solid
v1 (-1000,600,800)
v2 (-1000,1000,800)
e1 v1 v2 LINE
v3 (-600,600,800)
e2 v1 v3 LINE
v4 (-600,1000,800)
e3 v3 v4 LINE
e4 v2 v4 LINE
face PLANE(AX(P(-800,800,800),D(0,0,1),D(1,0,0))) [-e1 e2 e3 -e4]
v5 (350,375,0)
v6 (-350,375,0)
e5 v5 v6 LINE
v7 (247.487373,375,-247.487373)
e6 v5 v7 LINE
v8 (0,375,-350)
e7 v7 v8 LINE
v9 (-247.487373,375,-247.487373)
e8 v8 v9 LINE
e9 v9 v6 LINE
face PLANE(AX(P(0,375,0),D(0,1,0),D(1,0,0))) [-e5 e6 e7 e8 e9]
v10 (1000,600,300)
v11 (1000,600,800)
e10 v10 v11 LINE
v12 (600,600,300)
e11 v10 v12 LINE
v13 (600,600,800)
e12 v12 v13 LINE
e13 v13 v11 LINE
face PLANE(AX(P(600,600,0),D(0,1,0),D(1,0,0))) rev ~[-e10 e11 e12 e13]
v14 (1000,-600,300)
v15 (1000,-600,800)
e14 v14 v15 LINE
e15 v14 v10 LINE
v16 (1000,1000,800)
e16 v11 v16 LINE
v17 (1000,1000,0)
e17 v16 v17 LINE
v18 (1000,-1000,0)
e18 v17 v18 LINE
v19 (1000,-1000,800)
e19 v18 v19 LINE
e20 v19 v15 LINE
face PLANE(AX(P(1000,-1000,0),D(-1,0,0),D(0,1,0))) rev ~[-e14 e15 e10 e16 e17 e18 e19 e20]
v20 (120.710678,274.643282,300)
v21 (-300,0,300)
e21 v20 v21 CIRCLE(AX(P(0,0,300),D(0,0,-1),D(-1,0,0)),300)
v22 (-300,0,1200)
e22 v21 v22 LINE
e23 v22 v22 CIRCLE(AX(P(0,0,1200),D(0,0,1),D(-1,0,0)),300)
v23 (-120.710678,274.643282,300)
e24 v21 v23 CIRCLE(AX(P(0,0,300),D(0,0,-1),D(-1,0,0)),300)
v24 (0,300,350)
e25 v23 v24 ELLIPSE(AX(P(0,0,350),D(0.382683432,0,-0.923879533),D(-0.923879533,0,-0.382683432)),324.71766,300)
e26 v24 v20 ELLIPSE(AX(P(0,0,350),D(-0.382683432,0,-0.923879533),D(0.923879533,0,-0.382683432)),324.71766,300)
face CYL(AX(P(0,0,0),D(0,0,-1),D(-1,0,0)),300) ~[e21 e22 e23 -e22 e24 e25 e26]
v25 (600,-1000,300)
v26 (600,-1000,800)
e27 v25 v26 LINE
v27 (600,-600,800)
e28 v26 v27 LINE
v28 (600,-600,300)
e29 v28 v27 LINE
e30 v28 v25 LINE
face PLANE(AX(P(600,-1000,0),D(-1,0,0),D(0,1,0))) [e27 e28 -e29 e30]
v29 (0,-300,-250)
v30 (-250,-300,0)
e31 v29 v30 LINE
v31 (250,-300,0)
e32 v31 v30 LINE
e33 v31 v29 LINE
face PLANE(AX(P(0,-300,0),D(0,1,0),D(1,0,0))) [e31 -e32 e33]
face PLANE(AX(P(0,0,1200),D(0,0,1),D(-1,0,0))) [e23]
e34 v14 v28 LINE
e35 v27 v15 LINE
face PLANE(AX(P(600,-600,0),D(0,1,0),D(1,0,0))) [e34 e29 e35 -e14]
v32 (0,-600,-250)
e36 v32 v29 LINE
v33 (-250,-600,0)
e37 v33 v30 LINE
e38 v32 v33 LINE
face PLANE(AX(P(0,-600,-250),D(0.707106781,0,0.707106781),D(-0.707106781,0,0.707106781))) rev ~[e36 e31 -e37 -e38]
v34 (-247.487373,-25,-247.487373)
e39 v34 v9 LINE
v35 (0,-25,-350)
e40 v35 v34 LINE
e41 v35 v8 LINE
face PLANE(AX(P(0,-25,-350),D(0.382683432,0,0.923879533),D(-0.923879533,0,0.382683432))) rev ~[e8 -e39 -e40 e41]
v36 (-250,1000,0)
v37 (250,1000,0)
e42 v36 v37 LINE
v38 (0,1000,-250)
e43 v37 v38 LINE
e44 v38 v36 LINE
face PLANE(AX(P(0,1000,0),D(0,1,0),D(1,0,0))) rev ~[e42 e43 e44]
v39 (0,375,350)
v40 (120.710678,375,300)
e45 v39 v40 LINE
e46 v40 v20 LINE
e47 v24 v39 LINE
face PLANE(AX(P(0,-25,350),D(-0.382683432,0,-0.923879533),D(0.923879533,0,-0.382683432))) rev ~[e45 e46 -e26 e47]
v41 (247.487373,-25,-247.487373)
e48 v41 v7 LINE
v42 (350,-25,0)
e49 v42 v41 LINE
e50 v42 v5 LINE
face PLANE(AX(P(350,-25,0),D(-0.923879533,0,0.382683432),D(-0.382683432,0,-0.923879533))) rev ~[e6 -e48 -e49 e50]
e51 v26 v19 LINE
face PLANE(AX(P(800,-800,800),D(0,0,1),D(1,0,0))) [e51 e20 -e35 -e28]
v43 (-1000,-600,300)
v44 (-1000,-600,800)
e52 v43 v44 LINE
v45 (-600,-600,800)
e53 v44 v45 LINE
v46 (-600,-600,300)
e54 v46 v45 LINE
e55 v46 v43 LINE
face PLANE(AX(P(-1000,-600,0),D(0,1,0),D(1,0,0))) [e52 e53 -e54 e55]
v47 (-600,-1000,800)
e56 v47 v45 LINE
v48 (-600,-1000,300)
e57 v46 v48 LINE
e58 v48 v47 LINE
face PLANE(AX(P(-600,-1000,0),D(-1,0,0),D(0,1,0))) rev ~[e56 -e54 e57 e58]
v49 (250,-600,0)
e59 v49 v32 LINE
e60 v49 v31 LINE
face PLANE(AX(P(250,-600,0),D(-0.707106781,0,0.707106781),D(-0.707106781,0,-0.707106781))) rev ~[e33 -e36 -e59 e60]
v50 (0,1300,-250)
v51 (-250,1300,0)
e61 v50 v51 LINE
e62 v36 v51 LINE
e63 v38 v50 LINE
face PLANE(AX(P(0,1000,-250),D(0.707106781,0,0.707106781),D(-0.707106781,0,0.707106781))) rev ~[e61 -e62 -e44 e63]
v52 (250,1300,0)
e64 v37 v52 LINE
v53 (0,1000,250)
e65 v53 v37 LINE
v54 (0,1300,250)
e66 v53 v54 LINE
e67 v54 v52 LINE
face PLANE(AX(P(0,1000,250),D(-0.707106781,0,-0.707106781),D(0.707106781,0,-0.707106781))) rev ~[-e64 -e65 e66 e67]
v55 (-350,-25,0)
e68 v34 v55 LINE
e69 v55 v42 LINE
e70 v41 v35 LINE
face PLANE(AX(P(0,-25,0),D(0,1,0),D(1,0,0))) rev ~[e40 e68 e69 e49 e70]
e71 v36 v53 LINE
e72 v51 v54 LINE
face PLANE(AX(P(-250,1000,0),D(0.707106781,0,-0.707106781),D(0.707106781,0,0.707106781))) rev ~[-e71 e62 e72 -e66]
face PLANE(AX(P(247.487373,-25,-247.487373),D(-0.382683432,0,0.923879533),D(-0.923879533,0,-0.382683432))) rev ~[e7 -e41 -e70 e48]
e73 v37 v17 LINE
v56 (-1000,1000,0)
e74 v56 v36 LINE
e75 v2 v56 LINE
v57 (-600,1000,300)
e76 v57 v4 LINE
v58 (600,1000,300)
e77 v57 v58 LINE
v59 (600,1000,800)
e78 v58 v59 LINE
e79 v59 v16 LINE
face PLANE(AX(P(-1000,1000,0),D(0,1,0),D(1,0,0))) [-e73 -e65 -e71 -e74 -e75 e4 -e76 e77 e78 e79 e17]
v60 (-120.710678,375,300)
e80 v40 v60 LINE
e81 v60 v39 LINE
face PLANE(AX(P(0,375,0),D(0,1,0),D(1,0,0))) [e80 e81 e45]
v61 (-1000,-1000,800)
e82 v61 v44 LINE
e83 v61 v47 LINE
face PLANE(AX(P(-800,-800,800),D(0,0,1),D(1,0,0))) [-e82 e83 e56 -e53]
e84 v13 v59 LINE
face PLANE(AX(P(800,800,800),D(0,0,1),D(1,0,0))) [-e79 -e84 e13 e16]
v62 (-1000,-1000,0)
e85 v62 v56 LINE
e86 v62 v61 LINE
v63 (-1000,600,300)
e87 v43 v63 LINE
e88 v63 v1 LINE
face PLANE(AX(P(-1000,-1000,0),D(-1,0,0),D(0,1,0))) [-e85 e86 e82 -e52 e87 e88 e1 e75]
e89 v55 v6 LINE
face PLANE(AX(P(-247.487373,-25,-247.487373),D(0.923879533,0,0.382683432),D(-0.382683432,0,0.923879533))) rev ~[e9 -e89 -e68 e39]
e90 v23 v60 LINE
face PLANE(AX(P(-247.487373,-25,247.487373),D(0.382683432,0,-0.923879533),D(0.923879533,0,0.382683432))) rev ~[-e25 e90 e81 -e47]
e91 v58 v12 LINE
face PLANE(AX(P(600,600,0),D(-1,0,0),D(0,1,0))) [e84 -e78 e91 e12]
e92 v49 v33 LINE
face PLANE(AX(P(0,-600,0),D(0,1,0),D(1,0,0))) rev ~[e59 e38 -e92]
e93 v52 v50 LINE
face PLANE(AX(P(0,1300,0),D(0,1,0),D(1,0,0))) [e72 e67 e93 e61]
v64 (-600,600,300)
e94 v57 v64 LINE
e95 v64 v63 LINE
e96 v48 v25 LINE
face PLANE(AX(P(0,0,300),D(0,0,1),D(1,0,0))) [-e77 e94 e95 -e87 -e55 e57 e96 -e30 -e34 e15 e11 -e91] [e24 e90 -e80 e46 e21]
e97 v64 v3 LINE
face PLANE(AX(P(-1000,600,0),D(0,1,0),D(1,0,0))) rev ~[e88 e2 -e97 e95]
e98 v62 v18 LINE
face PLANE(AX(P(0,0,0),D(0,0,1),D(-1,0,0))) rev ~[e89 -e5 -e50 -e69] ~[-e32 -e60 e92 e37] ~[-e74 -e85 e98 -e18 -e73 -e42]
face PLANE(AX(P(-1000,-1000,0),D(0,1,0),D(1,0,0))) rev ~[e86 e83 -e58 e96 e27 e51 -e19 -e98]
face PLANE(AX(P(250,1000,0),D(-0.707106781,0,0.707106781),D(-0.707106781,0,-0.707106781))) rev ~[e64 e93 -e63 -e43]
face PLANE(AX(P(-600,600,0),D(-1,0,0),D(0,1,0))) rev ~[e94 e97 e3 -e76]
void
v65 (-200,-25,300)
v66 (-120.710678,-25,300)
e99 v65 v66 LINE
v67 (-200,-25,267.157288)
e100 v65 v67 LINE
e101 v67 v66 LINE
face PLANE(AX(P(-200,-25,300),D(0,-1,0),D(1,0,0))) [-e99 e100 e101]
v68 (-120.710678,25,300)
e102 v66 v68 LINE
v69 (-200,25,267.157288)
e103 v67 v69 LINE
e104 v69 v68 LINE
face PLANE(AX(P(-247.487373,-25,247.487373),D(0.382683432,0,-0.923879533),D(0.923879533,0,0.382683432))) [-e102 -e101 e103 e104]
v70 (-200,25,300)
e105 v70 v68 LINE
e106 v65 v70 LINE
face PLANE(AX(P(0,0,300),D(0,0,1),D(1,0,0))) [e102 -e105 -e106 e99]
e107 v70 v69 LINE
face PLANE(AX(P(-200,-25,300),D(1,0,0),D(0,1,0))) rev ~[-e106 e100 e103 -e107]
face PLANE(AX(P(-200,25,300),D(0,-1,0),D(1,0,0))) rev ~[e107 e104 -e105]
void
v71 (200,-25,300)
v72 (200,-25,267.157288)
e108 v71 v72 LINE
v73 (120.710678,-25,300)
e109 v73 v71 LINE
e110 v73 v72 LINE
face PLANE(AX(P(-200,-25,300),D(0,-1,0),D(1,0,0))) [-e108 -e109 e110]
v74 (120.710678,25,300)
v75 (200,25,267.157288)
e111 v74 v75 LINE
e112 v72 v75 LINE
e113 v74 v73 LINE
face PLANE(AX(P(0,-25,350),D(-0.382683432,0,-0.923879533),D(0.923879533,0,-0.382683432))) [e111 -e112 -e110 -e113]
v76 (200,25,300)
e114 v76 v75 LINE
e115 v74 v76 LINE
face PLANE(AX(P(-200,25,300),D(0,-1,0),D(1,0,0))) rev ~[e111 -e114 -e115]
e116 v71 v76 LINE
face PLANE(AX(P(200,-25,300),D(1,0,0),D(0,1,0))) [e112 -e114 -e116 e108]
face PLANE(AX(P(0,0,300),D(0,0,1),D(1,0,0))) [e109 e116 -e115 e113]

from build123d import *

# Parameters (mm, degrees)
SKETCH_1_W          = 2000
SKETCH_1_H          = 2000
EXTRUDE_1_DEPTH     = 300
SKETCH_2_W          = 400
SKETCH_2_H          = 400
EXTRUDE_2_DEPTH     = 800
SKETCH_3_W          = 400
SKETCH_3_H          = 400
EXTRUDE_3_DEPTH     = 800
SKETCH_4_W          = 400
SKETCH_4_H          = 400
EXTRUDE_4_DEPTH     = 800
SKETCH_5_W          = 400
SKETCH_5_H          = 400
EXTRUDE_5_DEPTH     = 800
SKETCH_6_R          = 300
EXTRUDE_6_DEPTH     = 1200
SKETCH_7_W          = 400
SKETCH_7_H          = 50
CUT_EXTRUDE_1_DEPTH = 1677.305461424
EXTRUDE_7_DEPTH     = 300
EXTRUDE_8_DEPTH     = 300
EXTRUDE_9_DEPTH     = 300
EXTRUDE_10_DEPTH    = 300
EXTRUDE_11_DEPTH    = 400


with BuildPart() as part:
    # 草图1 → 凸台-拉伸1 (new body)
    with BuildSketch(Plane.XY):
        Rectangle(SKETCH_1_W, SKETCH_1_H)
    extrude(amount=EXTRUDE_1_DEPTH)

    # 草图2 → 凸台-拉伸2 (add)
    with BuildSketch(Plane.XY):
        with Locations((-800, -800)):
            Rectangle(SKETCH_2_W, SKETCH_2_H)
    extrude(amount=EXTRUDE_2_DEPTH)

    # 草图3 → 凸台-拉伸3 (add)
    with BuildSketch(Plane.XY):
        with Locations((800, -800)):
            Rectangle(SKETCH_3_W, SKETCH_3_H)
    extrude(amount=EXTRUDE_3_DEPTH)

    # 草图4 → 凸台-拉伸4 (add)
    with BuildSketch(Plane.XY):
        with Locations((-800, 800)):
            Rectangle(SKETCH_4_W, SKETCH_4_H)
    extrude(amount=EXTRUDE_4_DEPTH)

    # 草图5 → 凸台-拉伸5 (add)
    with BuildSketch(Plane.XY):
        with Locations((800, 800)):
            Rectangle(SKETCH_5_W, SKETCH_5_H)
    extrude(amount=EXTRUDE_5_DEPTH)

    # 草图6 → 凸台-拉伸6 (add)
    with BuildSketch(Plane.XY):
        with Locations(Location((0, 0, 0), (0, 0, 180))):
            Circle(SKETCH_6_R)
    extrude(amount=EXTRUDE_6_DEPTH)

    # 草图7 → 切除-拉伸1 (cut, through all)
    with BuildSketch(Plane.XY.offset(300)):
        Rectangle(SKETCH_7_W, SKETCH_7_H)
    extrude(amount=-CUT_EXTRUDE_1_DEPTH, mode=Mode.SUBTRACT)

    # 草图8 → 凸台-拉伸7 (add)
    with BuildSketch(Plane(origin=(0, -600, 0), x_dir=(1, 0, 0), z_dir=(0, 1, 0))):
        Polygon((250, 0), (0, 250), (-250, 0), (0, -250), align=None)
    extrude(amount=EXTRUDE_7_DEPTH)

    # 草图9 → 凸台-拉伸8 (add)
    with BuildSketch(Plane(origin=(0, -600, 0), x_dir=(1, 0, 0), z_dir=(0, 1, 0))):
        Polygon((250, 0), (0, 250), (-250, 0), (0, -250), align=None)
    extrude(amount=EXTRUDE_8_DEPTH)

    # 草图10 → 凸台-拉伸9 (add)
    with BuildSketch(Plane(origin=(0, 1000, 0), x_dir=(1, 0, 0), z_dir=(0, 1, 0))):
        Polygon((250, 0), (0, 250), (-250, 0), (0, -250), align=None)
    extrude(amount=EXTRUDE_9_DEPTH)

    # 草图11 → 凸台-拉伸10 (add)
    with BuildSketch(Plane(origin=(0, 1000, 0), x_dir=(1, 0, 0), z_dir=(0, 1, 0))):
        Polygon((250, 0), (0, 250), (-250, 0), (0, -250), align=None)
    extrude(amount=EXTRUDE_10_DEPTH)

    # 草图12 → 凸台-拉伸11 (add)
    with BuildSketch(Plane(origin=(0, -25, 0), x_dir=(1, 0, 0), z_dir=(0, 1, 0))):
        Polygon((350, 0), (247.487373415, 247.487373415), (0, 350), (-247.487373415, 247.487373415), (-350, 0), (-247.487373415, -247.487373415), (0, -350), (247.487373415, -247.487373415), align=None)
    extrude(amount=EXTRUDE_11_DEPTH)


solid = part.part
